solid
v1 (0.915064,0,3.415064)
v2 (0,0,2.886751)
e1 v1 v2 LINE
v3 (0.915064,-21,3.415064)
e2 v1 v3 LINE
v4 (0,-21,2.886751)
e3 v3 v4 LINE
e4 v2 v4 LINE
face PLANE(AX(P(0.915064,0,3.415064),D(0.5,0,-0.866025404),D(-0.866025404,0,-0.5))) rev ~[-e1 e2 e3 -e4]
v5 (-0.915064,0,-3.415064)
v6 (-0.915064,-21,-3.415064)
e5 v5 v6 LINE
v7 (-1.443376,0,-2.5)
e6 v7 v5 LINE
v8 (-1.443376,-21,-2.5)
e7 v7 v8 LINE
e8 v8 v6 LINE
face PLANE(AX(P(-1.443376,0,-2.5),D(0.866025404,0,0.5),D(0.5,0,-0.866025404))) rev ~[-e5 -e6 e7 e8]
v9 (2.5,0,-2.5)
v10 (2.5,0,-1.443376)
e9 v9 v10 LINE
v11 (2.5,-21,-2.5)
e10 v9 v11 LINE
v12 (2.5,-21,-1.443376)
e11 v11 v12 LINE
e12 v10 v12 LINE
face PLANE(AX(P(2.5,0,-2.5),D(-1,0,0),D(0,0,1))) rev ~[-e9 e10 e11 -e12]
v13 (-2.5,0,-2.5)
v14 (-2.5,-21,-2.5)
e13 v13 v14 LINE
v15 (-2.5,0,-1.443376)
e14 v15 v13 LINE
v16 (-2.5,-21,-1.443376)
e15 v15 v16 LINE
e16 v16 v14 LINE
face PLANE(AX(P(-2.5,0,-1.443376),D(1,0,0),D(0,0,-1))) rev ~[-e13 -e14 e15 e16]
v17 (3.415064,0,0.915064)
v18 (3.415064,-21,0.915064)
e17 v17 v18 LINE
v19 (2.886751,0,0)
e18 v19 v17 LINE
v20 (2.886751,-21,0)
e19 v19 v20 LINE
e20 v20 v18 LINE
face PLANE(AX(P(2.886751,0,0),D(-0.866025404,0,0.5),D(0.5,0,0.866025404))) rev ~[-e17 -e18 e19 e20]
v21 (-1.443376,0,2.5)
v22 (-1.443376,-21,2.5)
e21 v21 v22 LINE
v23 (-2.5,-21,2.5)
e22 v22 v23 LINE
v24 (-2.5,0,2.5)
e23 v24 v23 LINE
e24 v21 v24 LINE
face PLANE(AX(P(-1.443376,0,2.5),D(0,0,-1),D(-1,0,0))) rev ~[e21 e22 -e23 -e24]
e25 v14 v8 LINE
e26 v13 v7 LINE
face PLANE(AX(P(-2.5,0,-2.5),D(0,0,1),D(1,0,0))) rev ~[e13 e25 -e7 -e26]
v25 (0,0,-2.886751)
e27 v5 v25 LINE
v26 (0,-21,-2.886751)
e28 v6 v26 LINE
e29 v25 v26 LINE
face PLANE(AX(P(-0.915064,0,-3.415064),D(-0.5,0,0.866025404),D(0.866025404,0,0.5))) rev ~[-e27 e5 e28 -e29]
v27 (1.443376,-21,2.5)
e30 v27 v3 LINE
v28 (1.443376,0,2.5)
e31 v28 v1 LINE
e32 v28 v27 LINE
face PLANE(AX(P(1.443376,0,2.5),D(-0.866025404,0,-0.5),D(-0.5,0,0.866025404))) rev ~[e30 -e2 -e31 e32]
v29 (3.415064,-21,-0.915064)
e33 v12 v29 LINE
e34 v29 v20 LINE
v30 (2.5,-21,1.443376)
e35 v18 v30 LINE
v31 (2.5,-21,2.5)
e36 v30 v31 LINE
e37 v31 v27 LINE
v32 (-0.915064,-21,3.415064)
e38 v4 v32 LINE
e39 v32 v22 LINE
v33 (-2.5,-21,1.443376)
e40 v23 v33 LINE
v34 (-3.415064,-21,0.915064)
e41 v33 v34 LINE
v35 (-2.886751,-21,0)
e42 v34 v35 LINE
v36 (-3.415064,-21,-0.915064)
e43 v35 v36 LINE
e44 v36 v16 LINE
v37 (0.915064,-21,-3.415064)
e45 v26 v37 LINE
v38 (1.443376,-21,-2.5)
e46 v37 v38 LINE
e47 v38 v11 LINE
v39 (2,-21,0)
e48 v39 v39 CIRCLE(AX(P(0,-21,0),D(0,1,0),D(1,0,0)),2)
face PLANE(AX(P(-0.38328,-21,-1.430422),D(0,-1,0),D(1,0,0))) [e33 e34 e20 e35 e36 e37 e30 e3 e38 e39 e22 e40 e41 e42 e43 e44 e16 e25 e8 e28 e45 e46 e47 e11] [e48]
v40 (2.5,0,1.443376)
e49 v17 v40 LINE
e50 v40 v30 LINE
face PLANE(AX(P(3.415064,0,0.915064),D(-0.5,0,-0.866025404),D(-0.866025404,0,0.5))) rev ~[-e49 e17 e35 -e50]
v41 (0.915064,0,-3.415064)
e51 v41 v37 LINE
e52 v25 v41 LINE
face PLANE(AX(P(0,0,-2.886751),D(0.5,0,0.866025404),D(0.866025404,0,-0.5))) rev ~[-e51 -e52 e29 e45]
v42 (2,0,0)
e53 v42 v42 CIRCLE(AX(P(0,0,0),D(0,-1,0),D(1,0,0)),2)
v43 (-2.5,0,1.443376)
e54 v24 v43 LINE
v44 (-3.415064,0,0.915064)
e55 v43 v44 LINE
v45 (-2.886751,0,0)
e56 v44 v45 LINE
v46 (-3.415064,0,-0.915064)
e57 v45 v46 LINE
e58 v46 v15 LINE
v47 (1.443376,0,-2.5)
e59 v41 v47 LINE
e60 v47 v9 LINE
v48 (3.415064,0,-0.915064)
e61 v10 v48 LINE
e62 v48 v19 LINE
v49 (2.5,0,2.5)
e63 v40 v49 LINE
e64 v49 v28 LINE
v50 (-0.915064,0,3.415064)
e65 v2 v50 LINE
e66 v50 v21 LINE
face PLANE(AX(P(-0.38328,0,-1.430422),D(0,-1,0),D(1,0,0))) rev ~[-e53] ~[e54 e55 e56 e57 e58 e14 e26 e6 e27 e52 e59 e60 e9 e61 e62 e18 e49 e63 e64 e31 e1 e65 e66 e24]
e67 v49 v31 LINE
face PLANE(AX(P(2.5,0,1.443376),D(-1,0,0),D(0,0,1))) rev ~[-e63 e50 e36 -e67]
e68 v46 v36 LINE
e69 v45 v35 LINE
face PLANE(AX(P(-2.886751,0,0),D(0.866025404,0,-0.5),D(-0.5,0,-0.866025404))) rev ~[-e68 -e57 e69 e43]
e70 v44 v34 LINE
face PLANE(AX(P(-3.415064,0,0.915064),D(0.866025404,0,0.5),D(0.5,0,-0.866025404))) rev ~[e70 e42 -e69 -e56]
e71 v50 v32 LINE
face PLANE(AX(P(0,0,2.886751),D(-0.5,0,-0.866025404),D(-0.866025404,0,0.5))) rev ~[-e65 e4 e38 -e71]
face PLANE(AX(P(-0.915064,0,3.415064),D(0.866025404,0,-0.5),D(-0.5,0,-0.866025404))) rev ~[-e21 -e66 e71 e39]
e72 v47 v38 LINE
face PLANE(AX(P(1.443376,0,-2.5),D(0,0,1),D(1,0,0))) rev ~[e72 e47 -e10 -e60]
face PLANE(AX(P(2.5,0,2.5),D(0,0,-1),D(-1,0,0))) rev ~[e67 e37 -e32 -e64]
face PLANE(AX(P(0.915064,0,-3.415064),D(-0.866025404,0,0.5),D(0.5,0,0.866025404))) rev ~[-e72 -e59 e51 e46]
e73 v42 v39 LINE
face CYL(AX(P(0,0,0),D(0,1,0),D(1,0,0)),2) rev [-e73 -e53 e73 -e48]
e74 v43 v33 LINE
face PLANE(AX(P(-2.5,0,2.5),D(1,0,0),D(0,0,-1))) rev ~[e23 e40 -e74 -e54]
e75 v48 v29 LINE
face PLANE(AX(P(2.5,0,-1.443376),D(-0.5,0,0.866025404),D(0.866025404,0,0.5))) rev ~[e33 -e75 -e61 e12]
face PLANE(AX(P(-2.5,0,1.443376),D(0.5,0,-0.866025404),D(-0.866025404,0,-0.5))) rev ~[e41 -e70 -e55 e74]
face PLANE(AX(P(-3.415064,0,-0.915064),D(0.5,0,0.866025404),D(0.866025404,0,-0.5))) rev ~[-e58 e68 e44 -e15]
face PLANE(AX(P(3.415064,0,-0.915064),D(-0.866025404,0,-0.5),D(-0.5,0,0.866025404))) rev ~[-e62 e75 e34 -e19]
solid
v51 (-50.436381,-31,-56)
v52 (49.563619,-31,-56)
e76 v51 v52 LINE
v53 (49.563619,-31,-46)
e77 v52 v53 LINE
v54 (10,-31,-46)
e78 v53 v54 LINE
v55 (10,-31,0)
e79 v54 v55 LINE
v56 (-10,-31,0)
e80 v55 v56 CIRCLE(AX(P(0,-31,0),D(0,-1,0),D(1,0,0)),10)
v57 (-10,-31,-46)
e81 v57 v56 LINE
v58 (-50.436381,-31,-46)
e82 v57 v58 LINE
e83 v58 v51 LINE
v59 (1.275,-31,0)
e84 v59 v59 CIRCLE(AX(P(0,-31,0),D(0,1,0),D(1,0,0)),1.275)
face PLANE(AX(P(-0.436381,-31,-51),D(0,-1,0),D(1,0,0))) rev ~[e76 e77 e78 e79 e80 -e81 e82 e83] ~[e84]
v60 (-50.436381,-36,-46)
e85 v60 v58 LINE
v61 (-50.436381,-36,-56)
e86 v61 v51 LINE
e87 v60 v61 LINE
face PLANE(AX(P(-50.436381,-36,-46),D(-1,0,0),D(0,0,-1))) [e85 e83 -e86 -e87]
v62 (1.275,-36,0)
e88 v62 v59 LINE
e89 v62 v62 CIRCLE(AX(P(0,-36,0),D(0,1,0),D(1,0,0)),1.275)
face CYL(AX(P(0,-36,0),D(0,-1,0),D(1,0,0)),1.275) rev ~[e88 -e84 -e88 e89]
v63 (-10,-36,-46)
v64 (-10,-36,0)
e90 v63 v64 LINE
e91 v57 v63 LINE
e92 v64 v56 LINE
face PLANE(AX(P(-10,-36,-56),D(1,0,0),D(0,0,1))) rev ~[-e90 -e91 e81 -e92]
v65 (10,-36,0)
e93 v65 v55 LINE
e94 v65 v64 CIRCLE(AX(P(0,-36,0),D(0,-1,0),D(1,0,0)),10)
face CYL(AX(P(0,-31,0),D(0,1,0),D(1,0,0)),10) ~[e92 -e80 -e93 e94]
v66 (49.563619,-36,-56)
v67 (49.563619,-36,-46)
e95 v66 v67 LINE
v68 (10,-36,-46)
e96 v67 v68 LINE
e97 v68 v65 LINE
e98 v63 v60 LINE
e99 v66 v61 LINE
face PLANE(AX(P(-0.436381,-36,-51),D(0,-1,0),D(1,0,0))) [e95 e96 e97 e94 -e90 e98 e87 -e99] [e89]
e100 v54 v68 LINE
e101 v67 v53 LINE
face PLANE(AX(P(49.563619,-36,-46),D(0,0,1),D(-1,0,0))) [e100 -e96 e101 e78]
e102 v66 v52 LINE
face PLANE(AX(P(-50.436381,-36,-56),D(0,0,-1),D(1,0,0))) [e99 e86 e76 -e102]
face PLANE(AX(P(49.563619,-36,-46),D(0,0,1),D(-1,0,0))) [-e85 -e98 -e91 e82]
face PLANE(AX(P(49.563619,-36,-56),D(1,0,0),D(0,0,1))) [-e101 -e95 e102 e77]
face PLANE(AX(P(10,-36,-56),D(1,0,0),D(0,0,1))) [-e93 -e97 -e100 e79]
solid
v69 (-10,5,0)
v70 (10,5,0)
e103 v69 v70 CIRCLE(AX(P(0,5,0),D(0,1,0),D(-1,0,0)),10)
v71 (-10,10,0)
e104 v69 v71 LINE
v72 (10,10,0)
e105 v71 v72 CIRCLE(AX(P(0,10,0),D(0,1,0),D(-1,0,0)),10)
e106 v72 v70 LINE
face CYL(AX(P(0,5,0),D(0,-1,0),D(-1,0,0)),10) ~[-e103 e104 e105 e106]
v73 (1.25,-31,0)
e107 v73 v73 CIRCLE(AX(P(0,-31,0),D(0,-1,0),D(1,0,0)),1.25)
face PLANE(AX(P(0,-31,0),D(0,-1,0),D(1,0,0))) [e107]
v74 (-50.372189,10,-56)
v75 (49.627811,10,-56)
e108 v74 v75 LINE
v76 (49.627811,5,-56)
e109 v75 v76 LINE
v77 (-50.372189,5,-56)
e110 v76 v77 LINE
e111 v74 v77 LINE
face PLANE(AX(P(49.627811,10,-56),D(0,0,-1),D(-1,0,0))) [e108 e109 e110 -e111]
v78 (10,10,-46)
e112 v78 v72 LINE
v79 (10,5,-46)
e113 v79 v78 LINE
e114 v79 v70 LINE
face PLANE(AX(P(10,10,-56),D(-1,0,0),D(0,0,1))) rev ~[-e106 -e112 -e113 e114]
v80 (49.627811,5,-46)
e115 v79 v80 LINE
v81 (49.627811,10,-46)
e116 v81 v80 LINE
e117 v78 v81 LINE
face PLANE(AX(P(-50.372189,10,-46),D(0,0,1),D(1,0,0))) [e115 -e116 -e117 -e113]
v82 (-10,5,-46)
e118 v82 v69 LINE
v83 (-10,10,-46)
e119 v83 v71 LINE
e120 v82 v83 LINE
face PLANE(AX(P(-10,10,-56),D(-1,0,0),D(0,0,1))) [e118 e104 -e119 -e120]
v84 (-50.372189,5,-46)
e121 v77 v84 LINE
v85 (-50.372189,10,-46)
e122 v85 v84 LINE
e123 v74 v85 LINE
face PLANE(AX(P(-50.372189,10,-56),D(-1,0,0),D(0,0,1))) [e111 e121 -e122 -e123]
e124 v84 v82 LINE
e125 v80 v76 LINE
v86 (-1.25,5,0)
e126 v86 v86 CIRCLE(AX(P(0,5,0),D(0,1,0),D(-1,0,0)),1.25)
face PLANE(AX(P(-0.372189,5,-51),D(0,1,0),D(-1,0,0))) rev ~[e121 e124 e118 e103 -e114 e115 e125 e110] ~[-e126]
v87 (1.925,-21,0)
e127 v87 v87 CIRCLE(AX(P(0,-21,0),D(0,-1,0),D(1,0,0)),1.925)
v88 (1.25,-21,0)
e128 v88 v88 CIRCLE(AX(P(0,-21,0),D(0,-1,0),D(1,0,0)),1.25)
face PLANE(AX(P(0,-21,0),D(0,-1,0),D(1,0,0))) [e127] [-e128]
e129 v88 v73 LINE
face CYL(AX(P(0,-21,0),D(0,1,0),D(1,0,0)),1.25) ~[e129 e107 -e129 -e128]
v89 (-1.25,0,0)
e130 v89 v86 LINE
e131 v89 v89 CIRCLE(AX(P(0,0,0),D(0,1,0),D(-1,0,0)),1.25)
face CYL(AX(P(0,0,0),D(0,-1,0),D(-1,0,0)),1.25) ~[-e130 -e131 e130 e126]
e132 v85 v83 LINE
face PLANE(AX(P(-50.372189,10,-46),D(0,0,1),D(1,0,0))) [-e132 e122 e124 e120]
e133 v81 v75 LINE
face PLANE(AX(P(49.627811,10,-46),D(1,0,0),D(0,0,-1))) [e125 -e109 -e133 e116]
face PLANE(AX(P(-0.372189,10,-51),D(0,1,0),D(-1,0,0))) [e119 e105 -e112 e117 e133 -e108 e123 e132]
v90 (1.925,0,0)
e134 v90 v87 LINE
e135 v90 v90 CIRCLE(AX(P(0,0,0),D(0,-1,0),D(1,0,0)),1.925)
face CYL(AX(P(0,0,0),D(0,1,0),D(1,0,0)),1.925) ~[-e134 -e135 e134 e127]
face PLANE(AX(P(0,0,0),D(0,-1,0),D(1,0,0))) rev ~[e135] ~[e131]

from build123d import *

# Parameters (mm, degrees)
F1_DEPTH  = 21
F2_R      = 2
F3_DEPTH  = 21.001
F4_R      = 1.925
F5_DEPTH  = 21
F6_R      = 1.25
F7_DEPTH  = 10
F8_R      = 1.25
F9_DEPTH  = 5
F10_R     = 10
F11_DEPTH = 5
F12_R     = 10
F13_DEPTH = 5
F14_R     = 1.275
F15_DEPTH = 5
F17_W     = 10
F17_H     = 56
F18_DEPTH = 5
F19_R     = 1.275
F20_DEPTH = 5
F22_W     = 10
F22_H     = 56
F23_DEPTH = 5
F25_DEPTH = 5
F27_DEPTH = 5


with BuildPart() as f1:
    # F0 (on Front) → F1 (new body)
    with BuildSketch(Plane.XZ):
        Polygon((0, -2.5), (0, 0), (-1.25, -2.1650635095), (-0.6698729811, -2.5), align=None)
        Polygon((1.25, -2.1650635095), (0, 0), (0, -2.5), (0.6698729811, -2.5), align=None)
        Polygon((2.1650635095, -1.25), (0, 0), (1.25, -2.1650635095), (1.8301270189, -1.8301270189), align=None)
        Polygon((2.5, -0.6698729811), (2.5, 0), (0, 0), (2.1650635095, -1.25), align=None)
        Polygon((0, 0), (2.5, 0), (2.5, 0.6698729811), (2.1650635095, 1.25), align=None)
        Polygon((1.25, 2.1650635095), (0, 0), (2.1650635095, 1.25), (1.8301270189, 1.8301270189), align=None)
        Polygon((0, 2.5), (0, 0), (1.25, 2.1650635095), (0.6698729811, 2.5), align=None)
        Polygon((-1.25, 2.1650635095), (0, 0), (0, 2.5), (-0.6698729811, 2.5), align=None)
        Polygon((-2.5, 0), (0, 0), (-2.1650635095, 1.25), (-2.5, 0.6698729811), align=None)
        Polygon((-2.1650635095, 1.25), (0, 0), (-1.25, 2.1650635095), (-1.8301270189, 1.8301270189), align=None)
        Polygon((-2.1650635095, -1.25), (0, 0), (-2.5, 0), (-2.5, -0.6698729811), align=None)
        Polygon((-1.25, -2.1650635095), (0, 0), (-2.1650635095, -1.25), (-1.8301270189, -1.8301270189), align=None)
        Polygon((-2.5, -0.6698729811), (-2.8867513459, 0), (-3.4150635095, -0.9150635095), (-2.5, -1.443375673), align=None)
        Polygon((-2.5, -1.443375673), (-2.1650635095, -1.25), (-2.5, -0.6698729811), align=None)
        Polygon((-1.8301270189, -1.8301270189), (-2.1650635095, -1.25), (-2.5, -1.443375673), align=None)
        Polygon((-2.5, -0.6698729811), (-2.5, 0), (-2.8867513459, 0), align=None)
        Polygon((-2.8867513459, 0), (-2.5, 0), (-2.5, 0.6698729811), align=None)
        Polygon((-2.5, 0.6698729811), (-2.5, 1.443375673), (-3.4150635095, 0.9150635095), (-2.8867513459, 0), align=None)
        Polygon((-2.5, 0.6698729811), (-2.1650635095, 1.25), (-2.5, 1.443375673), align=None)
        Polygon((-2.5, 1.443375673), (-2.1650635095, 1.25), (-1.8301270189, 1.8301270189), align=None)
        Polygon((-1.8301270189, 1.8301270189), (-1.25, 2.1650635095), (-1.443375673, 2.5), align=None)
        Polygon((-1.443375673, 2.5), (-1.25, 2.1650635095), (-0.6698729811, 2.5), align=None)
        Polygon((-1.8301270189, 1.8301270189), (-1.443375673, 2.5), (-2.5, 2.5), (-2.5, 1.443375673), align=None)
        Polygon((-0.6698729811, 2.5), (0, 2.8867513459), (-0.9150635095, 3.4150635095), (-1.443375673, 2.5), align=None)
        Polygon((-0.6698729811, 2.5), (0, 2.5), (0, 2.8867513459), align=None)
        Polygon((0, 2.8867513459), (0, 2.5), (0.6698729811, 2.5), align=None)
        Polygon((0.6698729811, 2.5), (1.443375673, 2.5), (0.9150635095, 3.4150635095), (0, 2.8867513459), align=None)
        Polygon((1.25, 2.1650635095), (1.8301270189, 1.8301270189), (1.443375673, 2.5), align=None)
        Polygon((1.25, 2.1650635095), (1.443375673, 2.5), (0.6698729811, 2.5), align=None)
        Polygon((2.1650635095, 1.25), (2.5, 1.443375673), (1.8301270189, 1.8301270189), align=None)
        Polygon((2.1650635095, 1.25), (2.5, 0.6698729811), (2.5, 1.443375673), align=None)
        Polygon((1.8301270189, 1.8301270189), (2.5, 1.443375673), (2.5, 2.5), (1.443375673, 2.5), align=None)
        Polygon((2.5, 0.6698729811), (2.8867513459, 0), (3.4150635095, 0.9150635095), (2.5, 1.443375673), align=None)
        Polygon((2.5, -0.6698729811), (2.8867513459, 0), (2.5, 0), align=None)
        Polygon((2.5, 0), (2.8867513459, 0), (2.5, 0.6698729811), align=None)
        Polygon((3.4150635095, -0.9150635095), (2.8867513459, 0), (2.5, -0.6698729811), (2.5, -1.443375673), align=None)
        Polygon((2.5, -1.443375673), (2.5, -0.6698729811), (2.1650635095, -1.25), align=None)
        Polygon((1.8301270189, -1.8301270189), (2.5, -1.443375673), (2.1650635095, -1.25), align=None)
        Polygon((2.5, -2.5), (2.5, -1.443375673), (1.8301270189, -1.8301270189), (1.443375673, -2.5), align=None)
        Polygon((1.443375673, -2.5), (1.8301270189, -1.8301270189), (1.25, -2.1650635095), align=None)
        Polygon((0.6698729811, -2.5), (1.443375673, -2.5), (1.25, -2.1650635095), align=None)
        Polygon((0.9150635095, -3.4150635095), (1.443375673, -2.5), (0.6698729811, -2.5), (0, -2.8867513459), align=None)
        Polygon((0.6698729811, -2.5), (0, -2.5), (0, -2.8867513459), align=None)
        Polygon((0, -2.8867513459), (0, -2.5), (-0.6698729811, -2.5), align=None)
        Polygon((-0.9150635095, -3.4150635095), (0, -2.8867513459), (-0.6698729811, -2.5), (-1.443375673, -2.5), align=None)
        Polygon((-0.6698729811, -2.5), (-1.25, -2.1650635095), (-1.443375673, -2.5), align=None)
        Polygon((-1.443375673, -2.5), (-1.25, -2.1650635095), (-1.8301270189, -1.8301270189), align=None)
        Polygon((-1.8301270189, -1.8301270189), (-2.5, -1.443375673), (-2.5, -2.5), (-1.443375673, -2.5), align=None)
    extrude(amount=F1_DEPTH)

    # F2 (on Front) → F3 (cut, through all)
    with BuildSketch(Plane.XZ):
        Circle(F2_R)
    extrude(amount=F3_DEPTH, mode=Mode.SUBTRACT)


with BuildPart() as f5:
    # F4 (on Front) → F5 (new body)
    with BuildSketch(Plane.XZ):
        Circle(F4_R)
    extrude(amount=F5_DEPTH)

    # F6 (on face) → F7 (join)
    with BuildSketch(Plane.XZ.offset(21)):
        Circle(F6_R)
    extrude(amount=F7_DEPTH)

    # F8 (on face) → F9 (join)
    with BuildSketch(Plane(origin=(0, 0, 0), x_dir=(-1, 0, 0), z_dir=(0, 1, 0))):
        Circle(F8_R)
    extrude(amount=F9_DEPTH)

    # F10 (on face) → F11 (join)
    with BuildSketch(Plane(origin=(0, 5, 0), x_dir=(-1, 0, 0), z_dir=(0, 1, 0))):
        Circle(F10_R)
    extrude(amount=F11_DEPTH)

    # F12 (on face) → F13 (join)
    with BuildSketch(Plane.XZ.offset(31)):
        Circle(F12_R)
    extrude(amount=F13_DEPTH)

    # F14 (on face) → F15 (cut)
    with BuildSketch(Plane.XZ.offset(36)):
        Circle(F14_R)
    extrude(amount=-F15_DEPTH, mode=Mode.SUBTRACT)


with BuildPart() as f18:
    # F17 (on face) → F18 (new body)
    with BuildSketch(Plane.XZ.offset(36)):
        with Locations((5, -28)):
            Rectangle(F17_W, F17_H)
        with Locations((-5, -28)):
            Rectangle(F17_W, F17_H)
    extrude(amount=-F18_DEPTH)

    # F19 (on face) → F20 (cut)
    with BuildSketch(Plane.XZ.offset(36)):
        Circle(F19_R)
    extrude(amount=-F20_DEPTH, mode=Mode.SUBTRACT)

    # F21: union F5
    add(f5.part)

    # F22 (on face) → F23 (join)
    with BuildSketch(Plane(origin=(0, 10, 0), x_dir=(-1, 0, 0), z_dir=(0, 1, 0))):
        with Locations((5, -28)):
            Rectangle(F22_W, F22_H)
        with Locations((-5, -28)):
            Rectangle(F22_W, F22_H)
    extrude(amount=-F23_DEPTH)

    # F24 (on face) → F25 (join)
    with BuildSketch(Plane.XZ.offset(36)):
        Polygon((-50.4363812506, -56), (0, -56), (49.5636187494, -56), (49.5636187494, -46), (-50.4363812506, -46), align=None)
    extrude(amount=-F25_DEPTH)

    # F26 (on face) → F27 (join)
    with BuildSketch(Plane(origin=(0, 10, 0), x_dir=(-1, 0, 0), z_dir=(0, 1, 0))):
        Polygon((-49.6278107166, -56), (0, -56), (50.3721892834, -56), (50.3721892834, -46), (-49.6278107166, -46), align=None)
    extrude(amount=-F27_DEPTH)


solid = Compound([f1.part, f18.part])
